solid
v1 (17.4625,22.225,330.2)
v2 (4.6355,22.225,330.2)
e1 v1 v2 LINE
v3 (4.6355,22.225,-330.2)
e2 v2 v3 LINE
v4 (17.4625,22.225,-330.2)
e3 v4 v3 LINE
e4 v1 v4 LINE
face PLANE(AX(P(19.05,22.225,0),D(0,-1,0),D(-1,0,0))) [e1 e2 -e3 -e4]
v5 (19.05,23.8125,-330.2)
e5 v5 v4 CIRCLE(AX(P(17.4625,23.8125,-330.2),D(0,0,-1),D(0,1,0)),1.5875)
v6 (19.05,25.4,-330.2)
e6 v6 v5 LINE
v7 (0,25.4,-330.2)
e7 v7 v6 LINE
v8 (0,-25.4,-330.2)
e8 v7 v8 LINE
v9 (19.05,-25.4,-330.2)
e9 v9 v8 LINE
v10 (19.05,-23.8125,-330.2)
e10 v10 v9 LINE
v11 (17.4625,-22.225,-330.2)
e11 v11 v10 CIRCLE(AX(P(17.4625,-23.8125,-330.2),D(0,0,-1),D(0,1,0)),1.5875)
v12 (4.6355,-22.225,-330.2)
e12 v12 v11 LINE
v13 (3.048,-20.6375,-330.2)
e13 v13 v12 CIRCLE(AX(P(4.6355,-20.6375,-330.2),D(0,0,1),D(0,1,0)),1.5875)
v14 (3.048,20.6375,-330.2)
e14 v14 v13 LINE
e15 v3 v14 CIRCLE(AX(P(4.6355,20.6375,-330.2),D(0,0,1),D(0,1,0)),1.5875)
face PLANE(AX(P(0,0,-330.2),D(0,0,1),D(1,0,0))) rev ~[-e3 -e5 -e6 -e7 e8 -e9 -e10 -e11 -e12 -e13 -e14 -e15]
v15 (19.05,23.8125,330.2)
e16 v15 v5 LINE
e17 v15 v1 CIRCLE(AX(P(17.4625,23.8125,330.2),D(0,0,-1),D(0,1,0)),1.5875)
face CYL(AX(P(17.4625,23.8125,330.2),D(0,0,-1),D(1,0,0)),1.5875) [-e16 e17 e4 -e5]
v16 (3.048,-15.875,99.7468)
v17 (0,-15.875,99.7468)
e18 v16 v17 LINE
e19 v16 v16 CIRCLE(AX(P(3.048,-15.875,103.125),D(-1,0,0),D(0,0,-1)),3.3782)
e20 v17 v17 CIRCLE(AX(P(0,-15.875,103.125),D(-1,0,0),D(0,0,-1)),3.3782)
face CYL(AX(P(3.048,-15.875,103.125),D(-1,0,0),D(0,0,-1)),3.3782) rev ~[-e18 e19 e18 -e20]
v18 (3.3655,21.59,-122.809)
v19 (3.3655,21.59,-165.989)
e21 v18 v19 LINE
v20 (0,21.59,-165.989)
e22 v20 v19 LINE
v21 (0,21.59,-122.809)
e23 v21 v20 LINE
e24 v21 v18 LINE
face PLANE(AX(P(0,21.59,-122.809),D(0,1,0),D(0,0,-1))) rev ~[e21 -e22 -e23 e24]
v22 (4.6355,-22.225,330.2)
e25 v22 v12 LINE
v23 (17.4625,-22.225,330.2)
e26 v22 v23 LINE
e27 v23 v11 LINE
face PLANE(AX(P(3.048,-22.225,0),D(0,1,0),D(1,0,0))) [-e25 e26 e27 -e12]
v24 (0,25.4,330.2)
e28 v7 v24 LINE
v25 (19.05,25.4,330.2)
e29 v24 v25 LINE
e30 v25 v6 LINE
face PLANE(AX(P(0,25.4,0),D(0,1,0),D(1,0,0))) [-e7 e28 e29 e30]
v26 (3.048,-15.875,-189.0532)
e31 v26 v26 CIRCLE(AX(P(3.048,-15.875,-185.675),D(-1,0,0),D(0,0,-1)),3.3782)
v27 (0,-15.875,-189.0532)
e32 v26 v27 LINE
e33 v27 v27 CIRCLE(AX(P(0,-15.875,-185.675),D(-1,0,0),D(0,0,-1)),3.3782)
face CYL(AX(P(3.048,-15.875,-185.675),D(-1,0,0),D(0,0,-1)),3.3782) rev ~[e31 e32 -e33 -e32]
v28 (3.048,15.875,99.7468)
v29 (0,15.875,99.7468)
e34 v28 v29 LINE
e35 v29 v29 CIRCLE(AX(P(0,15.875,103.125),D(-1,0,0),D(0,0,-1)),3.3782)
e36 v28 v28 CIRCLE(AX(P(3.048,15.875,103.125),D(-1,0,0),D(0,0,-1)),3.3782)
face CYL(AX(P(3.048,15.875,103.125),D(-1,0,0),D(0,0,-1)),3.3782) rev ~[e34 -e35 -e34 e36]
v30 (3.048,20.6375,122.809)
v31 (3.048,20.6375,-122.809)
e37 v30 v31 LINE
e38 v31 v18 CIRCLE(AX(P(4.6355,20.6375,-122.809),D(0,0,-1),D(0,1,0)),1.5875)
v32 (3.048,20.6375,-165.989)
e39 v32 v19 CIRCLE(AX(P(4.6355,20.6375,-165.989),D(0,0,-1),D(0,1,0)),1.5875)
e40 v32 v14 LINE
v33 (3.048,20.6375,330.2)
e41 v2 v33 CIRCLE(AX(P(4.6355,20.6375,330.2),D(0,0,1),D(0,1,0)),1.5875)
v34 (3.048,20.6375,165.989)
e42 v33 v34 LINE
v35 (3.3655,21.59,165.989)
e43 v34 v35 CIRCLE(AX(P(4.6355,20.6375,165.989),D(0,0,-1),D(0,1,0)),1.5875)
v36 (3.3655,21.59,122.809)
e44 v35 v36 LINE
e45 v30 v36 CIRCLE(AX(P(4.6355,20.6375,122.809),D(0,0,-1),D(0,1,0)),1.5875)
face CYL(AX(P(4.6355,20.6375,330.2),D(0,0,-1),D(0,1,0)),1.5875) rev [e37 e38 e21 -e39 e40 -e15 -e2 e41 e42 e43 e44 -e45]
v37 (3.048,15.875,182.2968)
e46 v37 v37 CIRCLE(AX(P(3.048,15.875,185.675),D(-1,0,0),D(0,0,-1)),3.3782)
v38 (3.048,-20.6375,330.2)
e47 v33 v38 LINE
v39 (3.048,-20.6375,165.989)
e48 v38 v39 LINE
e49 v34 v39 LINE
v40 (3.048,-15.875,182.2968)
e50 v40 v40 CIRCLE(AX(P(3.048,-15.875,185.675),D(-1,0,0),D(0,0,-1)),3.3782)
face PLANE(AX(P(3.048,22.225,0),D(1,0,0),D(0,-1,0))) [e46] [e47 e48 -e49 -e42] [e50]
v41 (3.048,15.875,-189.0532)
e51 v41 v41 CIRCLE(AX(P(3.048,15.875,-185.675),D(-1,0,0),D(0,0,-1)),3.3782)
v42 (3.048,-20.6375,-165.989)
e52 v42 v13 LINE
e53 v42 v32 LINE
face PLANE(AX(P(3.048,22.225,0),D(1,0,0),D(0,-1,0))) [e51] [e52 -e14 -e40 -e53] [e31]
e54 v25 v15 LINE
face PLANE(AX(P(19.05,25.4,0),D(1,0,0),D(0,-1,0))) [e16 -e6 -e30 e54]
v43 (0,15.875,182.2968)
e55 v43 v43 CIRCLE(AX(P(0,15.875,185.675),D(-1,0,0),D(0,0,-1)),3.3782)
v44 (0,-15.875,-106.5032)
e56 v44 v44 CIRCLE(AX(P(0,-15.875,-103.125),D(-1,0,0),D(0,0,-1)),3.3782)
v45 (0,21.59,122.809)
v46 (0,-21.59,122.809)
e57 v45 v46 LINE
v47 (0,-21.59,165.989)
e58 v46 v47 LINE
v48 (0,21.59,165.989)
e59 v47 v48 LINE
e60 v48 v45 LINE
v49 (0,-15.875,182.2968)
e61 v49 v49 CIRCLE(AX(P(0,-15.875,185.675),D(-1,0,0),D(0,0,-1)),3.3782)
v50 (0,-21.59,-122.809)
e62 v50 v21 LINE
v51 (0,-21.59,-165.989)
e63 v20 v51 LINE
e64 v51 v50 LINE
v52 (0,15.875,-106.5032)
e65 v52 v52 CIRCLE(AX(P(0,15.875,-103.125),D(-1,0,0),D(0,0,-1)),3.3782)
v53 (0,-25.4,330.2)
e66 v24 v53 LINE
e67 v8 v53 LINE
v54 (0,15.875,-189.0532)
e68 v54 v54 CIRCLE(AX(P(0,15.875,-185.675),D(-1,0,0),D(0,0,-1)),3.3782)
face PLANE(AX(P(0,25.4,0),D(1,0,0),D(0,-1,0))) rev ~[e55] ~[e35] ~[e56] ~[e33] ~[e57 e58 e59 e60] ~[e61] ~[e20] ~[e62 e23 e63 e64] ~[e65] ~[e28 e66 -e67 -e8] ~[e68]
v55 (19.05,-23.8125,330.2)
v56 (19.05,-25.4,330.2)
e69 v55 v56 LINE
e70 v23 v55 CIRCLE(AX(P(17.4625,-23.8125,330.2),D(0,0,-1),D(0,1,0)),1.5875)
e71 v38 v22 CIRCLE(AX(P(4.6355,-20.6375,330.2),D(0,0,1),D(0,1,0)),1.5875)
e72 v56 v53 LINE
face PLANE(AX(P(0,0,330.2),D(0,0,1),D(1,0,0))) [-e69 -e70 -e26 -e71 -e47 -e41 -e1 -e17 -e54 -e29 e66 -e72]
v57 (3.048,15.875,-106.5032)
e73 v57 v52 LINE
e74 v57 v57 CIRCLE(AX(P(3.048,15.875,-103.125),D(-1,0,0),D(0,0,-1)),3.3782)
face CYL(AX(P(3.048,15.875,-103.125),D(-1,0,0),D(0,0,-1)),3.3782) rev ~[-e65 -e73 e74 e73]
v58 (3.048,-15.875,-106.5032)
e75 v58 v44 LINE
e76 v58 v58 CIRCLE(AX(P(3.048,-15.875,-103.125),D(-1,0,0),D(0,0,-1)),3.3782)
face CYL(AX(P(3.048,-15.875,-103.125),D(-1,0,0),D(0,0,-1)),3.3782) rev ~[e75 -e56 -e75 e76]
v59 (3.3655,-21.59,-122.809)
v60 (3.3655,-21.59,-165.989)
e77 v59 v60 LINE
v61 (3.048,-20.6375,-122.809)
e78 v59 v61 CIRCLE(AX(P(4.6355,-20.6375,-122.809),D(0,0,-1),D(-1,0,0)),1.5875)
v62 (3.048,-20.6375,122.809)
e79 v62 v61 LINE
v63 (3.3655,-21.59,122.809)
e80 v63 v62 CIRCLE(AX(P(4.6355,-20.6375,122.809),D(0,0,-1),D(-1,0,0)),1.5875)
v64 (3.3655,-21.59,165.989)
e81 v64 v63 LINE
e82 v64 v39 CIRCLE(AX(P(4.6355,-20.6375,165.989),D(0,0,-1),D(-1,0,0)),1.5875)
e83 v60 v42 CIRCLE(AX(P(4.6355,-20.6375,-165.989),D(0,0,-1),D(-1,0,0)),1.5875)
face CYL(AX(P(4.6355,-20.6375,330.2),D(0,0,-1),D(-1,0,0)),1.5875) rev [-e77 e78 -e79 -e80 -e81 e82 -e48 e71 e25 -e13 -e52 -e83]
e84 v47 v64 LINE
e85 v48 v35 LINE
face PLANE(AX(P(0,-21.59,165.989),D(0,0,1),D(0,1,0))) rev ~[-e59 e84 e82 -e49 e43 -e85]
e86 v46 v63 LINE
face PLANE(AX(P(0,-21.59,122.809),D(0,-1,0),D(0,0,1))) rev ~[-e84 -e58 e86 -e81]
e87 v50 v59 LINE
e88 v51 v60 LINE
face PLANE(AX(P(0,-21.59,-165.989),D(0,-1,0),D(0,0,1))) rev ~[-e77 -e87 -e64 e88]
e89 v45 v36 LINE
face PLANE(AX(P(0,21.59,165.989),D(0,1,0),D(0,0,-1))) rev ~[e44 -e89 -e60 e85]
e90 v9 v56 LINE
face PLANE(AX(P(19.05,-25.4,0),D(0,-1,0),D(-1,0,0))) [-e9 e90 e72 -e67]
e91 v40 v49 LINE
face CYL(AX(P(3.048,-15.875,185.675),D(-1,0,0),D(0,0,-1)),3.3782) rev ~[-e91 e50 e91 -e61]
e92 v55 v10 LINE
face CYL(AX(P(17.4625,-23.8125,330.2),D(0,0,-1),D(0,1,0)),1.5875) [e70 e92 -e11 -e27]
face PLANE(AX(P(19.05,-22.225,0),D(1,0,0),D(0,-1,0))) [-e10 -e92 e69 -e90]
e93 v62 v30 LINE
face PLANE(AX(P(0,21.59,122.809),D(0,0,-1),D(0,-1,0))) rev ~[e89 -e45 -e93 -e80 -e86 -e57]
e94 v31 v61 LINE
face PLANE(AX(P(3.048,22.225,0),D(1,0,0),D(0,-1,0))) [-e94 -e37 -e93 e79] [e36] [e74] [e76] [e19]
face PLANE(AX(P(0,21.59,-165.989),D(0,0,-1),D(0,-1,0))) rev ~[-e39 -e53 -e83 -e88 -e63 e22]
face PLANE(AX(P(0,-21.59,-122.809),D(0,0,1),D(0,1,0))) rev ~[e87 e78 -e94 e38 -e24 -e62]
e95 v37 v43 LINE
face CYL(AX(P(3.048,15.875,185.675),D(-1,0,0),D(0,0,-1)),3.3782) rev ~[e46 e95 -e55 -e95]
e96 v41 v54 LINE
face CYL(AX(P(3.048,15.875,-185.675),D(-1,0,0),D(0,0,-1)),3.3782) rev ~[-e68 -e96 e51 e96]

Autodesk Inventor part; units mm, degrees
ref_plane "YZ Plane" through (0, 0, 0) normal (1, 0, 0) x (0, 1, 0)
ref_plane "XZ Plane" through (0, 0, 0) normal (0, 1, 0) x (-1, 0, 0)
ref_plane "XY Plane" through (0, 0, 0) normal (0, 0, 1) x (1, 0, 0)
sketch "Sketch3" plane through (0, 0, 0) normal (0, 0, 1) x (1, 0, 0)
  line L0 (0, 25.4) -> (0, -25.4)
  line L1 (0, 25.4) -> (19.05, 25.4)
  line L2 (19.05, 25.4) -> (19.05, 22.225)
  line L3 (19.05, 22.225) -> (3.048, 22.225)
  line L4 (3.048, 22.225) -> (3.048, -22.225)
  line L5 (3.048, -22.225) -> (19.05, -22.225)
  line L6 (19.05, -22.225) -> (19.05, -25.4)
  line L7 (19.05, -25.4) -> (0, -25.4)
  line L8 (0, 0) -> (3.048, 0) construction
  dimension "d7" = 50.8
  dimension "d10" = 19.05
  dimension "d33" = 3.175
  dimension "d34" = 16.002
extrude "Extrusion3" add sketch "Sketch3" along normal mid plane 660.4
fillet "Fillet1" radius 1.5875 4 edges at (19.05, 22.225, 0) (19.05, -22.225, 0) (3.048, -22.225, 0) (3.048, 22.225, 0)
sketch "Sketch6" plane through (0, -25.4, 330.2) normal (-1, 0, 0) x (0, 0, 1)
  line L0 (-496.189, 3.81) -> (-453.009, 3.81)
  line L1 (-453.009, 3.81) -> (-453.009, 46.99)
  line L2 (-453.009, 46.99) -> (-496.189, 46.99)
  line L3 (-496.189, 46.99) -> (-496.189, 3.81)
  line L4 (-496.189, 3.81) -> (-453.009, 46.99) construction
  line L5 (-453.009, 3.81) -> (-496.189, 46.99) construction
  line L6 (-207.391, 3.81) -> (-164.211, 3.81)
  line L7 (-164.211, 3.81) -> (-164.211, 46.99)
  line L8 (-164.211, 46.99) -> (-207.391, 46.99)
  line L9 (-207.391, 46.99) -> (-207.391, 3.81)
  line L10 (-207.391, 3.81) -> (-164.211, 46.99) construction
  line L11 (-164.211, 3.81) -> (-207.391, 46.99) construction
  point P0 (-330.2, 25.4)
  point P1 (-474.599, 25.4)
  point P2 (-185.801, 25.4)
  point P3 (-474.599, 25.4)
  point P4 (-185.801, 25.4)
  dimension "d35" = 288.798
  dimension "d36" = 144.399
  dimension "d37" = 43.18
extrude "Extrusion4" cut sketch "Sketch6" against normal through all
sketch "Sketch7" plane through (3.048, -20.6375, 330.2) normal (1, 0, 0) x (0, 0, -1)
  circle A0 centre (227.075, 4.7625) radius 2.4194 projected
  circle A1 centre (227.075, 36.5125) radius 2.4194 projected
  circle A2 centre (144.525, 4.7625) radius 2.4194 projected
  circle A3 centre (144.525, 36.5125) radius 2.4194 projected
  circle A4 centre (515.875, 4.7625) radius 2.4194 projected
  circle A5 centre (515.875, 36.5125) radius 2.4194 projected
  circle A6 centre (433.325, 4.7625) radius 2.4194 projected
  circle A7 centre (433.325, 36.5125) radius 2.4194 projected
  point P0 (330.2, 20.6375)
hole "Hole3" at (3.048, -15.875, -185.675) at (3.048, 15.875, -185.675) at (3.048, -15.875, -103.125) at (3.048, 15.875, -103.125) at (3.048, -15.875, 103.125) at (3.048, 15.875, 103.125) at (3.048, -15.875, 185.675) at (3.048, 15.875, 185.675) direction (-1, 0, 0) diameter 6.7564 end through all clearance for "Socket Head Cap Screw" size "1/4" standard "Ansi Unified Screw Threads"
equation "\"d11\" = Length"
equation "\"Length\" = 660.4"
properties part number "NASA-20-FR-SP-01" material "Aluminum 6061"
